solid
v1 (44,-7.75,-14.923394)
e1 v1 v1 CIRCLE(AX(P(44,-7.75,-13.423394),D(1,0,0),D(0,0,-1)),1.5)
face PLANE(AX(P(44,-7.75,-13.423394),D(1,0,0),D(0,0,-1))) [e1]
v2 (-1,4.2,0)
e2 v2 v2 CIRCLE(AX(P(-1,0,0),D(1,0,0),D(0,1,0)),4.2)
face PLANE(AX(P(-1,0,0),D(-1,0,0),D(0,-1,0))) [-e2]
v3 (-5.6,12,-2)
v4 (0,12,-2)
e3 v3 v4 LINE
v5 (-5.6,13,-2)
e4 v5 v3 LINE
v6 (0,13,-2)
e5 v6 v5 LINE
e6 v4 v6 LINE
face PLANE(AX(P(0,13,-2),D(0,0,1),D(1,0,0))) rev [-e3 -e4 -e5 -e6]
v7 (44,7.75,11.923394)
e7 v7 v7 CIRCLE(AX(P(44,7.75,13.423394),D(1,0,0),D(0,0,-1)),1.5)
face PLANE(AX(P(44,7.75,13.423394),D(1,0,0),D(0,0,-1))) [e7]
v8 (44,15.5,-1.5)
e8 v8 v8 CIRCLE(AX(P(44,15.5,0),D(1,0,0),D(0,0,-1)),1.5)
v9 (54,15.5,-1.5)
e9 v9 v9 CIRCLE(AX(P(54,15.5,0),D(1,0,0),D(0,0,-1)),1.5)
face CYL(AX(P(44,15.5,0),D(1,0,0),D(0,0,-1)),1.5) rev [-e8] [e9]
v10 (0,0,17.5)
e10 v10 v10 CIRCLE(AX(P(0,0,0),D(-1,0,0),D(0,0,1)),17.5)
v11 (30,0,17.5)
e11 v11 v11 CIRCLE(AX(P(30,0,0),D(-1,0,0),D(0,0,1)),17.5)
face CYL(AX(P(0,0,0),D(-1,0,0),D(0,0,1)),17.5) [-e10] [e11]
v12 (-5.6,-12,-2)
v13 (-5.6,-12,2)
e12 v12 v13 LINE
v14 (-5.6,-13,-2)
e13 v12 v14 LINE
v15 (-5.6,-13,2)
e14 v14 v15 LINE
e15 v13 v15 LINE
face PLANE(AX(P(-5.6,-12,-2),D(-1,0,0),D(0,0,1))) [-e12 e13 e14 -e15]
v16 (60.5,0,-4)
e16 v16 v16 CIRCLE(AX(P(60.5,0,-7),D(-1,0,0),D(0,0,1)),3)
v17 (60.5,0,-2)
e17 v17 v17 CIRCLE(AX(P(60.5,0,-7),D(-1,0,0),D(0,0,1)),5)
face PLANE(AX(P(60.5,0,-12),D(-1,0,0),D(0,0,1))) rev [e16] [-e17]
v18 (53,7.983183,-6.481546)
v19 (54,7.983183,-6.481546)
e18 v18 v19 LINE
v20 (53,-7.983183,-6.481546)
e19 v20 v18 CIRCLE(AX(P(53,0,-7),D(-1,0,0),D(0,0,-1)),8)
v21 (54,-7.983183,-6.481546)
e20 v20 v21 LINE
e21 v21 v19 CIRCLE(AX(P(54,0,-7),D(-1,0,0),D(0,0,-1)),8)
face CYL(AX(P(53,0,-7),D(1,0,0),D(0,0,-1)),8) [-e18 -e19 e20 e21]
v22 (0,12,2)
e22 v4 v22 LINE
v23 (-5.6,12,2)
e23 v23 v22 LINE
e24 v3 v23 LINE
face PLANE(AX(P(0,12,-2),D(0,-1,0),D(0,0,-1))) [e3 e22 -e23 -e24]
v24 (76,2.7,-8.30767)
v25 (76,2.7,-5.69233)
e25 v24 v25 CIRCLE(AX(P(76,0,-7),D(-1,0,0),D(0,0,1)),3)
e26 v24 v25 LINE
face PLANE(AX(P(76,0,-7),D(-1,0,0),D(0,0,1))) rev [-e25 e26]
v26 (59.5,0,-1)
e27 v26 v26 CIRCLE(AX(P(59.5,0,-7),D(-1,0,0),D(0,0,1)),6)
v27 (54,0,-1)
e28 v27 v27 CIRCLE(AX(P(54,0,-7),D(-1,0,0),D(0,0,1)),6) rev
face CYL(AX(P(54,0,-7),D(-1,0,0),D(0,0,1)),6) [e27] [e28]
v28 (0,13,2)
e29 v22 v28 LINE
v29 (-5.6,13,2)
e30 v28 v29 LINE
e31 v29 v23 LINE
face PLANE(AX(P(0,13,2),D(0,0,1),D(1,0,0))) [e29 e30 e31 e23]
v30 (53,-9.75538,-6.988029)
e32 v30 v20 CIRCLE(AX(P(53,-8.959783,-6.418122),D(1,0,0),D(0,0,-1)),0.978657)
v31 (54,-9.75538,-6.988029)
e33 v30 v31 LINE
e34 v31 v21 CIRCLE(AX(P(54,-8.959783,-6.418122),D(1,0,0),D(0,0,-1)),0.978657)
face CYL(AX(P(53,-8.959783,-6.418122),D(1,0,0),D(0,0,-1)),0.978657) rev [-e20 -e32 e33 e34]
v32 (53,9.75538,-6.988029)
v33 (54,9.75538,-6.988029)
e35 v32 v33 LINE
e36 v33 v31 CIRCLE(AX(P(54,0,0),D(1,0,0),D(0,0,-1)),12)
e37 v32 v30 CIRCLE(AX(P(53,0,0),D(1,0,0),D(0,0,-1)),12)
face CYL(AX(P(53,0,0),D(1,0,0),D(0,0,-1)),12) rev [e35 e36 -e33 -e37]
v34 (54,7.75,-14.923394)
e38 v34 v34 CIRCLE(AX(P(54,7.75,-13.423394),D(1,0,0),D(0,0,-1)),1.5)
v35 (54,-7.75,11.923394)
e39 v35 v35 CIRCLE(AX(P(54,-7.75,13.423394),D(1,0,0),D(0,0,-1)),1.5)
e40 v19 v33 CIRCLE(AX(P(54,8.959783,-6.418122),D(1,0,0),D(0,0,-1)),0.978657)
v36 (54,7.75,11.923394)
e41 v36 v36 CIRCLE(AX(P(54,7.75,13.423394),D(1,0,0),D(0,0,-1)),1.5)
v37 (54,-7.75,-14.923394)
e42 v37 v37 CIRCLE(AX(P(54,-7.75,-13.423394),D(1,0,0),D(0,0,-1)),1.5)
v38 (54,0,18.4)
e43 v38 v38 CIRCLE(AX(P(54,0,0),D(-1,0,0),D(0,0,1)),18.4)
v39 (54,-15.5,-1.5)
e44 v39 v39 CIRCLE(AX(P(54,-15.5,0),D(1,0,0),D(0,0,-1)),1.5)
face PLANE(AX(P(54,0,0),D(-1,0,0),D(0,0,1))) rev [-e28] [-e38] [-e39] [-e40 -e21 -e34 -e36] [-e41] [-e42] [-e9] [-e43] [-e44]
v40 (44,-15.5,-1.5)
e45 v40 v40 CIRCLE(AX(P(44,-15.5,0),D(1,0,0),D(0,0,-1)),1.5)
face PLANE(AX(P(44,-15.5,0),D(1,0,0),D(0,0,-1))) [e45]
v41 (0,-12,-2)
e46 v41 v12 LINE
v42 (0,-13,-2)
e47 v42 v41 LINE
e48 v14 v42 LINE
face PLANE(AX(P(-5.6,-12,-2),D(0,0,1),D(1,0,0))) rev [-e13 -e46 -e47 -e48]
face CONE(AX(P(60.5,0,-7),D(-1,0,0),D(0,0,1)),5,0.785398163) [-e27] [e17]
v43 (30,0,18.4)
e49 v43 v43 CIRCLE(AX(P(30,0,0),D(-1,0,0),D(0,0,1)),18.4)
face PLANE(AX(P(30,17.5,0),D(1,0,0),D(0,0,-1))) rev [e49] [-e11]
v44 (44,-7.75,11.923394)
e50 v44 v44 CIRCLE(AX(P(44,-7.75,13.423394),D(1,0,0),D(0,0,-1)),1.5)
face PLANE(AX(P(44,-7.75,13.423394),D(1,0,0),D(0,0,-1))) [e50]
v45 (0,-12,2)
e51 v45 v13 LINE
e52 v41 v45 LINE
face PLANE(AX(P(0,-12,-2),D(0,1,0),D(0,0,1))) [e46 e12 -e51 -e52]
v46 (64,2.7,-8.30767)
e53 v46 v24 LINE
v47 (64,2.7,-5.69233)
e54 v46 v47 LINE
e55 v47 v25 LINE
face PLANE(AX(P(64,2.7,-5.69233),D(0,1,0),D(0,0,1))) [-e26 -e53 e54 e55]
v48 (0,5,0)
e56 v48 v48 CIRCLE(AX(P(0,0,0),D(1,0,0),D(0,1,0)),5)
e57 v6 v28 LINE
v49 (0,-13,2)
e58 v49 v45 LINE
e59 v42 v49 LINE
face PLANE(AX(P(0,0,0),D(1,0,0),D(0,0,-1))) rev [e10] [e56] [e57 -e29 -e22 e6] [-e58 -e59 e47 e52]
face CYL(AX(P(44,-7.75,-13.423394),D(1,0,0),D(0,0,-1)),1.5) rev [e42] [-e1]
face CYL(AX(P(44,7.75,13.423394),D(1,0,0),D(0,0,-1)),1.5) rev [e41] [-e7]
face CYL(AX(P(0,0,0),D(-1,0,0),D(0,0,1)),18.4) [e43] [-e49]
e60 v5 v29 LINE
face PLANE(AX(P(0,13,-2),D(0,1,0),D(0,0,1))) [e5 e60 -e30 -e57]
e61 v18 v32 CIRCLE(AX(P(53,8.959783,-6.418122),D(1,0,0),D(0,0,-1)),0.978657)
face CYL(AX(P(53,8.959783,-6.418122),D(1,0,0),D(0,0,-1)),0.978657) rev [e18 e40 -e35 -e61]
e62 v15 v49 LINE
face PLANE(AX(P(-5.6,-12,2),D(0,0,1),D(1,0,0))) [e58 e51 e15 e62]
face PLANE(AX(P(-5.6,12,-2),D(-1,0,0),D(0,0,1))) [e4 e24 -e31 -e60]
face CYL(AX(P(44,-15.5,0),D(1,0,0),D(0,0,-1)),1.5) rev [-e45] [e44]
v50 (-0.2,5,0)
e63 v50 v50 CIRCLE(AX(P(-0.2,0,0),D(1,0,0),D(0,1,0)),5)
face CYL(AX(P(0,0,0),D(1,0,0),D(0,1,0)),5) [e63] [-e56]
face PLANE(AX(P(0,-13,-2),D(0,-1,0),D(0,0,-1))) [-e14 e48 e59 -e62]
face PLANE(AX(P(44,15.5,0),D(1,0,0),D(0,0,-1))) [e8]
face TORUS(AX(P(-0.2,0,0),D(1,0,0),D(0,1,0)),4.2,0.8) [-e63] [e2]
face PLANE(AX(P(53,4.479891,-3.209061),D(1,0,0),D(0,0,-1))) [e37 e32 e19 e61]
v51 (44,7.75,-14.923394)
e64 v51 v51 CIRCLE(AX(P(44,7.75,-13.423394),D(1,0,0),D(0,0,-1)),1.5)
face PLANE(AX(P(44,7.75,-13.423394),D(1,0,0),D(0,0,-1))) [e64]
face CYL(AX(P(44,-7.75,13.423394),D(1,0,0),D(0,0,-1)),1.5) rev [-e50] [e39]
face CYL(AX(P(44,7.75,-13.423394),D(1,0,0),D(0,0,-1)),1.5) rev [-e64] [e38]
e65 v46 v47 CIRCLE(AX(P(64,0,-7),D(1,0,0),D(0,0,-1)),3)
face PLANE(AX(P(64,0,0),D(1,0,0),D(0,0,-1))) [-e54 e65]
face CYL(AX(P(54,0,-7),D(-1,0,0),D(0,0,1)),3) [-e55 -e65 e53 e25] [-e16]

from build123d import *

# Parameters (mm, degrees)
ESQUISSE2_R             = 1.5
ENL_V_MAT_EXTRU_1_DEPTH = 10
ENL_V_MAT_EXTRU_2_DEPTH = 1
BOSS_EXTRU_2_DEPTH      = 2
BOSS_EXTRU_2_DEPTH_BACK = 2
ESQUISSE7_W             = 5.6
ESQUISSE7_H             = 1
ESQUISSE9_OUTSIDE_W     = 58.156
ESQUISSE9_OUTSIDE_H     = 58.156
ENL_V_MAT_EXTRU_3_DEPTH = 12


with BuildPart() as part:
    # Esquisse1 → Révolution1 (revolve)
    with BuildSketch(Plane.XY):
        Polygon((30, 17.5), (30, 18.4), (54, 18.4), (54, 0), (0, 0), (0, 17.5), align=None)
    revolve(axis=Axis((0, 0, 0), (1, 0, 0)))

    # Esquisse2 → Enlèv. mat.-Extru.1 (cut)
    with BuildSketch(Plane(origin=(54, 0, 0), x_dir=(0, 0, -1), z_dir=(1, 0, 0))):
        with Locations((0, 15.5)):
            Circle(ESQUISSE2_R)
        with Locations((13.423393759, 7.75)):
            Circle(ESQUISSE2_R)
        with Locations((13.423393759, -7.75)):
            Circle(ESQUISSE2_R)
        with Locations((0, -15.5)):
            Circle(ESQUISSE2_R)
        with Locations((-13.423393759, -7.75)):
            Circle(ESQUISSE2_R)
        with Locations((-13.423393759, 7.75)):
            Circle(ESQUISSE2_R)
    extrude(amount=-ENL_V_MAT_EXTRU_1_DEPTH, mode=Mode.SUBTRACT)

    # Esquisse5 → Révolution2 (revolve)
    with BuildSketch(Plane(origin=(0, 0, 0), x_dir=(1, 0, 0), z_dir=(0, 1, 0))):
        Polygon((54, 7), (76, 7), (76, 10), (60.5, 10), (60.5, 12), (59.5, 13), (54, 13), align=None)
    revolve(axis=Axis((54, 0, -7), (1, 0, 0)))

    # Esquisse6 → Enlèv. mat.-Extru.2 (cut)
    with BuildSketch(Plane(origin=(54, 0, 0), x_dir=(0, 0, -1), z_dir=(1, 0, 0))):
        with BuildLine():
            ThreePointArc((6.98802926, 9.755380416), (-12, 0), (6.98802926, -9.755380416))
            ThreePointArc((6.98802926, -9.755380416), (7.3591047, -8.690855421), (6.481545758, -7.983182649))
            ThreePointArc((6.481545758, -7.983182649), (-1, 0), (6.481545758, 7.983182649))
            ThreePointArc((6.481545758, 7.983182649), (7.3591047, 8.690855421), (6.98802926, 9.755380416))
        make_face()
    extrude(amount=-ENL_V_MAT_EXTRU_2_DEPTH, mode=Mode.SUBTRACT)

    # Esquisse7 → Boss.-Extru.2 (add, two sides: drawn at the far end of the back side and taken through both)
    with BuildSketch(Plane.XY.offset(-BOSS_EXTRU_2_DEPTH_BACK)):
        with Locations((-2.8, 12.5)):
            Rectangle(ESQUISSE7_W, ESQUISSE7_H)
        with Locations((-2.8, -12.5)):
            Rectangle(ESQUISSE7_W, ESQUISSE7_H)
    extrude(amount=BOSS_EXTRU_2_DEPTH + BOSS_EXTRU_2_DEPTH_BACK)

    # Esquisse8 → Révolution3 (revolve)
    with BuildSketch(Plane.XY):
        with BuildLine():
            Line((0, 0), (-1, 0))
            Line((-1, 0), (-1, 4.2))
            ThreePointArc((-1, 4.2), (-0.765685425, 4.765685425), (-0.2, 5))
            Line((-0.2, 5), (0, 5))
            Line((0, 5), (0, 0))
        make_face()
    revolve(axis=Axis((0, 0, 0), (-1, 0, 0)))

    # Esquisse9 outside → Enlèv. mat.-Extru.3 (cut)
    with BuildSketch(Plane(origin=(76, 0, 0), x_dir=(0, 0, -1), z_dir=(1, 0, 0))):
        Rectangle(ESQUISSE9_OUTSIDE_W, ESQUISSE9_OUTSIDE_H)
        with BuildLine():
            Line((5.692330317, 2.7), (8.307669683, 2.7))
            ThreePointArc((8.307669683, 2.7), (7, -3), (5.692330317, 2.7))
        make_face(mode=Mode.SUBTRACT)
    extrude(amount=-ENL_V_MAT_EXTRU_3_DEPTH, mode=Mode.SUBTRACT)


solid = part.part
